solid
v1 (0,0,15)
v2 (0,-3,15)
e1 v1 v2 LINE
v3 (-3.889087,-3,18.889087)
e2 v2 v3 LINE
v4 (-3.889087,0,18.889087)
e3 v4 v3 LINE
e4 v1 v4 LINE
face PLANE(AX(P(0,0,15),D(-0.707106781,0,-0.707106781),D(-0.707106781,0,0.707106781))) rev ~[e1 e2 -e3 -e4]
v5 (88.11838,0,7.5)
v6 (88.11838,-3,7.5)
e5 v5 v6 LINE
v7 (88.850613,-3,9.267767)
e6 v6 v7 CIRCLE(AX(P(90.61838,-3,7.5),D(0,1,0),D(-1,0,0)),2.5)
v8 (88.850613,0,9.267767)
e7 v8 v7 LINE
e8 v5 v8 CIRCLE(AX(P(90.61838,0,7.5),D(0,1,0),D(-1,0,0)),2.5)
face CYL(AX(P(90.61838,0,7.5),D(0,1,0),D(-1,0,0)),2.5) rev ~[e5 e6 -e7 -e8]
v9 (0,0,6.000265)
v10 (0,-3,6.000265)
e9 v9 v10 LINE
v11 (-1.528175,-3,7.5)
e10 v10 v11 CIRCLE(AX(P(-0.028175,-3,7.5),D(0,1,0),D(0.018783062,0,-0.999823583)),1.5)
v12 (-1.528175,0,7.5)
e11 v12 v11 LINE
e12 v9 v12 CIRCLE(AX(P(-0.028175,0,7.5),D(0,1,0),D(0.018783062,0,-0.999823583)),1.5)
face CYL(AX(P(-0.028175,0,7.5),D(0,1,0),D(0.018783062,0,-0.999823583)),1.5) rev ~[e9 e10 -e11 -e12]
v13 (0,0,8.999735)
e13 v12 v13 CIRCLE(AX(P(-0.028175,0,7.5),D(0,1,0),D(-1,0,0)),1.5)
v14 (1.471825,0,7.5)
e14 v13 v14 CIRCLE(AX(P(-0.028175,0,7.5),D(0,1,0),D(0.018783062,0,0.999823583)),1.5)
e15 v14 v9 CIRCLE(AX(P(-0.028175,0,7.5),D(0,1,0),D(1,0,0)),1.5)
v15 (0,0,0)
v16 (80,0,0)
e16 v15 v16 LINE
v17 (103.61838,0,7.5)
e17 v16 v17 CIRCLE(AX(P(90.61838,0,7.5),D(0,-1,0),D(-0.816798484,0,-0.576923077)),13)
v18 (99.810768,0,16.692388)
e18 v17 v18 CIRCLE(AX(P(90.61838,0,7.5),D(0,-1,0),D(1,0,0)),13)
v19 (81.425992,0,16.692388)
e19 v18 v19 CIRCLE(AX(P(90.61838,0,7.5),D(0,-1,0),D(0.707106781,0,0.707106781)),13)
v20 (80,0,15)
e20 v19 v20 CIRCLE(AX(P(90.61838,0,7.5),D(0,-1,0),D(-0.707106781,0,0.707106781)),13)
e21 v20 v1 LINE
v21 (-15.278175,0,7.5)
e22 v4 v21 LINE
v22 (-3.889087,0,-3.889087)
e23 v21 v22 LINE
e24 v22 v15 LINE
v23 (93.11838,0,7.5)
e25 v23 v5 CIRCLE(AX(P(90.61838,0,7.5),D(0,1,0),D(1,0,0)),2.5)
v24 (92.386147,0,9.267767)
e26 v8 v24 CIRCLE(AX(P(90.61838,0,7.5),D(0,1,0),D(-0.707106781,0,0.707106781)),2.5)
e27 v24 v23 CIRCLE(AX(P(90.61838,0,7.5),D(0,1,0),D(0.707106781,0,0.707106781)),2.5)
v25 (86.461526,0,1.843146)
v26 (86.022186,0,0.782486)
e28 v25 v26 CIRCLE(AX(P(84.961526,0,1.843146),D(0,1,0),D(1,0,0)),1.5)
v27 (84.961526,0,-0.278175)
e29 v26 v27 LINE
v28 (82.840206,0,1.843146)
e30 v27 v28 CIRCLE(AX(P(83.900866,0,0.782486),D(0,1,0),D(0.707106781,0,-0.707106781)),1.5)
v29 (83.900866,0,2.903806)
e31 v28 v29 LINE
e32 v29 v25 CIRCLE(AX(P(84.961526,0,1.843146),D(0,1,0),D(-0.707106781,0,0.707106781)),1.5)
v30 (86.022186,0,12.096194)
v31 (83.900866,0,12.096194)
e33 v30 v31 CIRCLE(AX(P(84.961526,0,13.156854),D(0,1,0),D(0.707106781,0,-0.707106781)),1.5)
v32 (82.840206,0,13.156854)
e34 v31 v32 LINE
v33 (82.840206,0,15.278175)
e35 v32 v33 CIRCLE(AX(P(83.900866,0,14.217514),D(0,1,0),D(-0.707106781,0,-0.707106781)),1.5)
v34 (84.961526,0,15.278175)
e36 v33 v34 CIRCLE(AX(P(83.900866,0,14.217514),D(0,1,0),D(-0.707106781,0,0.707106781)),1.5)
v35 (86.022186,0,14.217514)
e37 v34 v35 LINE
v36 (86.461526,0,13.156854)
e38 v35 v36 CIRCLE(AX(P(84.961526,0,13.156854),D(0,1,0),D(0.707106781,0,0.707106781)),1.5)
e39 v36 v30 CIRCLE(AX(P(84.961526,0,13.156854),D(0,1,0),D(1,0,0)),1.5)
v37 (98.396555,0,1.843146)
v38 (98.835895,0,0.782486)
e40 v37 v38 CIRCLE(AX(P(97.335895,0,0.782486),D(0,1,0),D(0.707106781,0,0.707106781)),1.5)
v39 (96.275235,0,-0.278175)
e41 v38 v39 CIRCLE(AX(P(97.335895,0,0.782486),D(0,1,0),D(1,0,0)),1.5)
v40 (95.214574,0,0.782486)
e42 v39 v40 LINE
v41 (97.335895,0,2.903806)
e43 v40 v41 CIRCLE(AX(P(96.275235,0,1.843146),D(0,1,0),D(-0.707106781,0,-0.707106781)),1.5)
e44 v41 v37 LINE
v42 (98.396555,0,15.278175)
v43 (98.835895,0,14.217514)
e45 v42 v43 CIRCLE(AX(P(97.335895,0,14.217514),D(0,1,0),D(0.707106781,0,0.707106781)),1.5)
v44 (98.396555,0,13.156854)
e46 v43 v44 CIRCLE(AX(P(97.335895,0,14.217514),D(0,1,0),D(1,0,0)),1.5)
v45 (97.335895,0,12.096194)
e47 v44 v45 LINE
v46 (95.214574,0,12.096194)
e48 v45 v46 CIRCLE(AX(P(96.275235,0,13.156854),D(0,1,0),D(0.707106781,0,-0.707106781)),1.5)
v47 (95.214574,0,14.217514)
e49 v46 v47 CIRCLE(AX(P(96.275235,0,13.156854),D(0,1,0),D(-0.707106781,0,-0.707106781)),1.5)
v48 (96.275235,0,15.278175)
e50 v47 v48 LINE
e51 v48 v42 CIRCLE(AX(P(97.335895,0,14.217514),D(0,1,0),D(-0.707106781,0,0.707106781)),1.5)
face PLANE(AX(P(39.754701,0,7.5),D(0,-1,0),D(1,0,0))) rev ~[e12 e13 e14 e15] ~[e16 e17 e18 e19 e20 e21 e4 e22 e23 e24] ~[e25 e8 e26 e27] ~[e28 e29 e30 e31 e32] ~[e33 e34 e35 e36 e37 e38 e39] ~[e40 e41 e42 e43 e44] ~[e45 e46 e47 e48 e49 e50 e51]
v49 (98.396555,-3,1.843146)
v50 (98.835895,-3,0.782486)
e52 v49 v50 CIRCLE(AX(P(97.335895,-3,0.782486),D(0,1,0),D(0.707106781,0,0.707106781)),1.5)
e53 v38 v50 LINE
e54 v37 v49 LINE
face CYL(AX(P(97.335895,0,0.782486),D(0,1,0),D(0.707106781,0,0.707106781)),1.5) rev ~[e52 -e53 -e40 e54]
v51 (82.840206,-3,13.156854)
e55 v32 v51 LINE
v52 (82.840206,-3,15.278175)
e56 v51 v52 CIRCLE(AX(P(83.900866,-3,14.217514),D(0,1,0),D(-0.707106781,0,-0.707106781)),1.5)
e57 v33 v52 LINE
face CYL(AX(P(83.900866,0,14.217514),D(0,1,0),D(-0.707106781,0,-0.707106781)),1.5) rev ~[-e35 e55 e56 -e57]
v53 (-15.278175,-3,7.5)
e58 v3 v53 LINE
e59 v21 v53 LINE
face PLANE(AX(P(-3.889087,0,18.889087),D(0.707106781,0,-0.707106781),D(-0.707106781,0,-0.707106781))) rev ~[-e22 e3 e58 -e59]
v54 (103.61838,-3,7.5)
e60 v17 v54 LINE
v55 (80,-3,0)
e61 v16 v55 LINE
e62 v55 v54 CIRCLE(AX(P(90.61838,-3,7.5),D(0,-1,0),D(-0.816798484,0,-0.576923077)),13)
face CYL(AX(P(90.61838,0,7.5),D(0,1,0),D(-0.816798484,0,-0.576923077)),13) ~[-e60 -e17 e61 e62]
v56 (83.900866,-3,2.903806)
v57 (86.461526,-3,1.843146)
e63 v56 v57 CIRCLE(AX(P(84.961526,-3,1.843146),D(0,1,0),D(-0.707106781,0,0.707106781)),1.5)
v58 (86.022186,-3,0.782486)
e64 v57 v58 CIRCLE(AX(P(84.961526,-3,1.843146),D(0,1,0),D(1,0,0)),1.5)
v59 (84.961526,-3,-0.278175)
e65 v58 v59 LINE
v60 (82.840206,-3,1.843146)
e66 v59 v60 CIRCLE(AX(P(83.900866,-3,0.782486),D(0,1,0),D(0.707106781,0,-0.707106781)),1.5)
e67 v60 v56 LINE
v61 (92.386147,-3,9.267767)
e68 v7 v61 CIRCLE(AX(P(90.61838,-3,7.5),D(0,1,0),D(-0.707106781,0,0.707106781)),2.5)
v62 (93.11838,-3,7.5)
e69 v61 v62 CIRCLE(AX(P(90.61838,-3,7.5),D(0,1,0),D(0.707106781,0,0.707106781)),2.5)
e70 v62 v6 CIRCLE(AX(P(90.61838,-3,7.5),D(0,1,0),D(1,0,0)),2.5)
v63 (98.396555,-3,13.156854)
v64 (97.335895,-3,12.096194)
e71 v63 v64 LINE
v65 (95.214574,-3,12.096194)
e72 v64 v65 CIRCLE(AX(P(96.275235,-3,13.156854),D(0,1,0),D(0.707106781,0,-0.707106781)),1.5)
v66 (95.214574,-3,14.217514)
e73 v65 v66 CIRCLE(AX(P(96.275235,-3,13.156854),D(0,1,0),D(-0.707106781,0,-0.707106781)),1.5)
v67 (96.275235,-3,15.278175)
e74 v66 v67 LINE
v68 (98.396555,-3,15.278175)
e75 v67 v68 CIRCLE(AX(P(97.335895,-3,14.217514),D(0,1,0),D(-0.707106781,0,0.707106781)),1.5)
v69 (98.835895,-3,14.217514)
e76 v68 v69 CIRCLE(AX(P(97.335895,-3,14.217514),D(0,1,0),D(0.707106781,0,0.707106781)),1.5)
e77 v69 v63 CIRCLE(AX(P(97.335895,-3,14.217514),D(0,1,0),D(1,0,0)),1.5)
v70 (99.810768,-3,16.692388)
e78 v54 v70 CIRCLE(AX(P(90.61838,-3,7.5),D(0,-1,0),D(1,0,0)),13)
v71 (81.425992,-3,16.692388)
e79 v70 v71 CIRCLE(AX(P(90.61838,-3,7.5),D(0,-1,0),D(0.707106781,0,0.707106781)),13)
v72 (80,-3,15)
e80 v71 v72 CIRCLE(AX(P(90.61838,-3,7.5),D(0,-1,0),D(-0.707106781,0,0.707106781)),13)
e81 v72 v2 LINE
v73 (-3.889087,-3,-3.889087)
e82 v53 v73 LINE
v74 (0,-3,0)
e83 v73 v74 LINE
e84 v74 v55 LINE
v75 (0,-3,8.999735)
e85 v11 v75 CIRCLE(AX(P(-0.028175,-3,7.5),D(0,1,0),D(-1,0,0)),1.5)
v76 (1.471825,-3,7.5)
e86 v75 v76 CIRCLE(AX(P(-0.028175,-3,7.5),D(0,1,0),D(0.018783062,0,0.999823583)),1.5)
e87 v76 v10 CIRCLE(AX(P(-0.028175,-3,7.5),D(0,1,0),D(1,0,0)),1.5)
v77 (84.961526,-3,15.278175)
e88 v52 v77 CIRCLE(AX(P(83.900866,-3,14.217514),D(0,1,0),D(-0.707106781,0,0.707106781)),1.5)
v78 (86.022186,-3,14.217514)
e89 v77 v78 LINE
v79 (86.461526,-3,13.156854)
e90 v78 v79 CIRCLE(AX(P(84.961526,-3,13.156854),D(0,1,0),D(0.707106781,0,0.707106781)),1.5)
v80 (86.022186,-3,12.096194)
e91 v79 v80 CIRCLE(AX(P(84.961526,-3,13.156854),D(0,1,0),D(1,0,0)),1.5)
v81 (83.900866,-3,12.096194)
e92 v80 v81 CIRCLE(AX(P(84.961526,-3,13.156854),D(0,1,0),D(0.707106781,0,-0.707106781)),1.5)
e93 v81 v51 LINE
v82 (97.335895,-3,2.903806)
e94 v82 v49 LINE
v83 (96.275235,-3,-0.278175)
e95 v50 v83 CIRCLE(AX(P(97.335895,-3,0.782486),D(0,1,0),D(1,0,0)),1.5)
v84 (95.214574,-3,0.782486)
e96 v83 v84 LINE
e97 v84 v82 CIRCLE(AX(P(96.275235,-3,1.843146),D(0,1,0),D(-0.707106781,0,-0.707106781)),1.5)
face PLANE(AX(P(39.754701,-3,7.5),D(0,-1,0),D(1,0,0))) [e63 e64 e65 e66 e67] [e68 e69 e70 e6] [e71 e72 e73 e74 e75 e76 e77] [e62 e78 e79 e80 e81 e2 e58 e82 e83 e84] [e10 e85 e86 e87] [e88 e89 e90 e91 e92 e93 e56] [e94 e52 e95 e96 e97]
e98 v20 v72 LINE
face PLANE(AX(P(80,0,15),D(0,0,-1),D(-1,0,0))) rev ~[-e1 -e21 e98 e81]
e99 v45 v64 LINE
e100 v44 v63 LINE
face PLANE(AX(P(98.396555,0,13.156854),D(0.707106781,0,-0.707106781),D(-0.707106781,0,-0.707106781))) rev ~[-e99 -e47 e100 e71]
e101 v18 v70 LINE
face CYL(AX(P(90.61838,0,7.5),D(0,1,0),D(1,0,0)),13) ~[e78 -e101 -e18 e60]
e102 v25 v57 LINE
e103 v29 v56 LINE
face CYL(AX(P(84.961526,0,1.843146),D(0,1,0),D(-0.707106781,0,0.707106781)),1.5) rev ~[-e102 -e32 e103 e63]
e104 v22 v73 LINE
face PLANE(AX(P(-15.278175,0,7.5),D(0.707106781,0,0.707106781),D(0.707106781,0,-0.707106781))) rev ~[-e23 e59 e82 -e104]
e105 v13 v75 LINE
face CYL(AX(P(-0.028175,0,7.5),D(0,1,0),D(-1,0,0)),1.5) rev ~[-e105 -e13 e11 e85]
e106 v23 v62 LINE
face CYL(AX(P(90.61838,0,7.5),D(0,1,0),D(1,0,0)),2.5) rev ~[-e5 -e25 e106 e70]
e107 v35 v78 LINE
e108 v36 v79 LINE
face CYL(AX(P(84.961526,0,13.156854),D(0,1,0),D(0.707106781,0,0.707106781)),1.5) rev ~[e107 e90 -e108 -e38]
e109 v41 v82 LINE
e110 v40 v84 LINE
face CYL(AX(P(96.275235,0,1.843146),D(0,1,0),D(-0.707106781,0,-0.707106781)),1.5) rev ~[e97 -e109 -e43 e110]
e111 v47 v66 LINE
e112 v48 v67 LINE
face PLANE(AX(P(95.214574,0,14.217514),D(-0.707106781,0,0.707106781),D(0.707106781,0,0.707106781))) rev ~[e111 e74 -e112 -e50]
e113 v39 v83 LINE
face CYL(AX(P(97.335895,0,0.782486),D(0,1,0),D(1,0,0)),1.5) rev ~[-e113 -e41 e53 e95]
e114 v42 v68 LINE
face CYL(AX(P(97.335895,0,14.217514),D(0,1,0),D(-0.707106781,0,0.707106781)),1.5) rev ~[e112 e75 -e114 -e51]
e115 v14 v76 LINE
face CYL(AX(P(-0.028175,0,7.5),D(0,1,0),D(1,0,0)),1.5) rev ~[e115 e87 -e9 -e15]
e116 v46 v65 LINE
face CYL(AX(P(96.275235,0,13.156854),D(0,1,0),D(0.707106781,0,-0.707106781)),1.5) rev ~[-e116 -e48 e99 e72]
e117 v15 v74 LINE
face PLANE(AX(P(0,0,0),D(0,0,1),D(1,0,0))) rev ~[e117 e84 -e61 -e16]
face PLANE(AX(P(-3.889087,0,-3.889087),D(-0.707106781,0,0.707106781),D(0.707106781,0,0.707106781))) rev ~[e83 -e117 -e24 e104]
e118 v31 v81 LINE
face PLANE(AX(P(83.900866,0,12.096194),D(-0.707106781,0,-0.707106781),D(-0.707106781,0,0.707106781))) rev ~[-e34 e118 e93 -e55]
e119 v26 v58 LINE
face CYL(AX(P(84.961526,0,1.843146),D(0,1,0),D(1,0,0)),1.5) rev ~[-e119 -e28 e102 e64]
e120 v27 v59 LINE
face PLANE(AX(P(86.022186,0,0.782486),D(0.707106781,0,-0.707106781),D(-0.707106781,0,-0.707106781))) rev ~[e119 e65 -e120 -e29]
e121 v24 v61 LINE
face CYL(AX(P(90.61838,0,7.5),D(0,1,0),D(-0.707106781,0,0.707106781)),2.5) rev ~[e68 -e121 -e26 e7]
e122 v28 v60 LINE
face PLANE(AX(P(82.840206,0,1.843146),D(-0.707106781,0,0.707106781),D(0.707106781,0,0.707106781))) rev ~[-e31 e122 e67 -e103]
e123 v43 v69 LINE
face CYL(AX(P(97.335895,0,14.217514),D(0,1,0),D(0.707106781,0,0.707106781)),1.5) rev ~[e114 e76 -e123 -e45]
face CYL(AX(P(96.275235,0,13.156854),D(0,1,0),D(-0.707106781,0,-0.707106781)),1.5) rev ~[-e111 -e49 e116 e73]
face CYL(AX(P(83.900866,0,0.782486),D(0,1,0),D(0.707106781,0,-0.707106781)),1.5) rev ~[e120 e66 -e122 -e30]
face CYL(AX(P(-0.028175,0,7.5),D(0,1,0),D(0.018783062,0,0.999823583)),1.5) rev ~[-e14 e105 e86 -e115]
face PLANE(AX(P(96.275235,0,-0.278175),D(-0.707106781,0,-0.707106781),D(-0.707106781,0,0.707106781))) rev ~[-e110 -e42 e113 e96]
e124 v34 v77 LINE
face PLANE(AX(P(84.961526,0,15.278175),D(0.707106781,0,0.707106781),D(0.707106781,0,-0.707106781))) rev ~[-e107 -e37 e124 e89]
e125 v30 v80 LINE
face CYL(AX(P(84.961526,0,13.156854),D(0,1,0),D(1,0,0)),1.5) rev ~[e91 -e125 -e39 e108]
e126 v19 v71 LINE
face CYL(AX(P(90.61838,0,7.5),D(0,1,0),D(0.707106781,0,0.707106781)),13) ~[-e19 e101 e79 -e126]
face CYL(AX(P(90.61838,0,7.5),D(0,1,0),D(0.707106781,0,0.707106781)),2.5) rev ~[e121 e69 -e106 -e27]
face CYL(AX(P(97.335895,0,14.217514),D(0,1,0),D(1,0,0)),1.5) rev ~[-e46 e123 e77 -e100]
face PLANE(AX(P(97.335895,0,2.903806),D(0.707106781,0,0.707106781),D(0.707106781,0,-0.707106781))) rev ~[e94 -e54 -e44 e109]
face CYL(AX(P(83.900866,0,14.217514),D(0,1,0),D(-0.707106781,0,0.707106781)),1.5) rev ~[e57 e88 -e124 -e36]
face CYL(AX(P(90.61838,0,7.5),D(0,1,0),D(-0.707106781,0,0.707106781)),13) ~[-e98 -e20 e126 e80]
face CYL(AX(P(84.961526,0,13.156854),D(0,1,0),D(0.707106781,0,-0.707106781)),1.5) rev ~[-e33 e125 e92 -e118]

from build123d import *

# Parameters (mm, degrees)
F1_DEPTH = 3


with BuildPart() as f1:
    # F0 (on Front) → F1 (new body)
    with BuildSketch(Plane.XZ):
        with BuildLine():
            Line((0, 6.0002646259), (0, 0))
            Line((0, 0), (80, 0))
            ThreePointArc((80, 0), (77.6183802908, 7.5), (80, 15))
            Line((80, 15), (0, 15))
            Line((0, 15), (0, 8.9997353741))
            ThreePointArc((0, 8.9997353741), (1.0424004603, 8.5506517288), (1.4718254069, 7.5))
            ThreePointArc((1.4718254069, 7.5), (1.0424004603, 6.4493482712), (0, 6.0002646259))
        make_face()
        with BuildLine():
            Line((-3.8890872965, -3.8890872965), (0, 0))
            Line((0, 0), (0, 6.0002646259))
            ThreePointArc((0, 6.0002646259), (-1.0788263218, 6.4294249467), (-1.5281745931, 7.5))
            Line((-1.5281745931, 7.5), (-3.8890872965, 7.5))
            Line((-3.8890872965, 7.5), (-3.8890872965, -3.8890872965))
        make_face()
        with BuildLine():
            ThreePointArc((80, 15), (77.6183802908, 7.5), (80, 0))
            Line((80, 0), (80, 7.5))
            Line((80, 7.5), (80, 15))
        make_face()
        with BuildLine():
            Line((80, 7.5), (80, 0))
            ThreePointArc((80, 0), (94.5529105181, -4.89029749), (103.6183802908, 7.5))
            ThreePointArc((103.6183802908, 7.5), (102.6288142134, 12.4748846207), (99.8107684462, 16.6923881554))
            Line((99.8107684462, 16.6923881554), (98.3965548838, 15.2781745931))
            ThreePointArc((98.3965548838, 15.2781745931), (98.7217140108, 14.7915395698), (98.8358947121, 14.2175144213))
            ThreePointArc((98.8358947121, 14.2175144213), (98.7217140108, 13.6434892727), (98.3965548838, 13.1568542495))
            Line((98.3965548838, 13.1568542495), (97.3358947121, 12.0961940777))
            ThreePointArc((97.3358947121, 12.0961940777), (96.2752345403, 11.6568542495), (95.2145743685, 12.0961940777))
            Line((95.2145743685, 12.0961940777), (92.3861472438, 9.267766953))
            ThreePointArc((92.3861472438, 9.267766953), (92.9280791221, 8.4567085809), (93.1183802908, 7.5))
            ThreePointArc((93.1183802908, 7.5), (90.6183802908, 5), (88.1183802908, 7.5))
            Line((88.1183802908, 7.5), (80, 7.5))
        make_face()
        with BuildLine():
            ThreePointArc((83.9008658695, 2.9038059223), (85.5355511899, 3.2289650493), (86.4615260413, 1.8431457505))
            ThreePointArc((86.4615260413, 1.8431457505), (86.3473453401, 1.269120602), (86.0221862131, 0.7824855787))
            Line((86.0221862131, 0.7824855787), (84.9615260413, -0.2781745931))
            ThreePointArc((84.9615260413, -0.2781745931), (82.8402056977, -0.2781745931), (82.8402056977, 1.8431457505))
            Line((82.8402056977, 1.8431457505), (83.9008658695, 2.9038059223))
        make_face(mode=Mode.SUBTRACT)
        with BuildLine():
            ThreePointArc((95.2145743685, 0.7824855787), (95.2145743685, 2.9038059223), (97.3358947121, 2.9038059223))
            Line((97.3358947121, 2.9038059223), (98.3965548838, 1.8431457505))
            ThreePointArc((98.3965548838, 1.8431457505), (98.7217140108, 1.3565107273), (98.8358947121, 0.7824855787))
            ThreePointArc((98.8358947121, 0.7824855787), (97.9099198606, -0.60333372), (96.2752345403, -0.2781745931))
            Line((96.2752345403, -0.2781745931), (95.2145743685, 0.7824855787))
        make_face(mode=Mode.SUBTRACT)
        Polygon((-15.2781745931, 7.5), (-3.8890872965, -3.8890872965), (-3.8890872965, 7.5), align=None)
        with BuildLine():
            Line((80, 15), (80, 7.5))
            Line((80, 7.5), (88.1183802908, 7.5))
            ThreePointArc((88.1183802908, 7.5), (88.3086814595, 8.4567085809), (88.8506133378, 9.267766953))
            Line((88.8506133378, 9.267766953), (86.0221862131, 12.0961940777))
            ThreePointArc((86.0221862131, 12.0961940777), (84.9615260413, 11.6568542495), (83.9008658695, 12.0961940777))
            Line((83.9008658695, 12.0961940777), (82.8402056977, 13.1568542495))
            ThreePointArc((82.8402056977, 13.1568542495), (82.4008658695, 14.2175144213), (82.8402056977, 15.2781745931))
            Line((82.8402056977, 15.2781745931), (81.4259921354, 16.6923881554))
            ThreePointArc((81.4259921354, 16.6923881554), (80.6769175702, 15.8765935186), (80, 15))
        make_face()
        with BuildLine():
            Line((-3.8890872965, 7.5), (-1.5281745931, 7.5))
            ThreePointArc((-1.5281745931, 7.5), (-1.0788263218, 8.5705750533), (0, 8.9997353741))
            Line((0, 8.9997353741), (0, 15))
            Line((0, 15), (-3.8890872965, 18.8890872965))
            Line((-3.8890872965, 18.8890872965), (-3.8890872965, 7.5))
        make_face()
        Polygon((-3.8890872965, 18.8890872965), (-15.2781745931, 7.5), (-3.8890872965, 7.5), align=None)
        with BuildLine():
            ThreePointArc((99.8107684462, 16.6923881554), (90.6183802908, 20.5), (81.4259921354, 16.6923881554))
            Line((81.4259921354, 16.6923881554), (82.8402056977, 15.2781745931))
            ThreePointArc((82.8402056977, 15.2781745931), (83.9008658695, 15.7175144213), (84.9615260413, 15.2781745931))
            Line((84.9615260413, 15.2781745931), (86.0221862131, 14.2175144213))
            ThreePointArc((86.0221862131, 14.2175144213), (86.3473453401, 13.730879398), (86.4615260413, 13.1568542495))
            ThreePointArc((86.4615260413, 13.1568542495), (86.3473453401, 12.5828291009), (86.0221862131, 12.0961940777))
            Line((86.0221862131, 12.0961940777), (88.8506133378, 9.267766953))
            ThreePointArc((88.8506133378, 9.267766953), (90.6183802908, 10), (92.3861472438, 9.267766953))
            Line((92.3861472438, 9.267766953), (95.2145743685, 12.0961940777))
            ThreePointArc((95.2145743685, 12.0961940777), (94.7752345403, 13.1568542495), (95.2145743685, 14.2175144213))
            Line((95.2145743685, 14.2175144213), (96.2752345403, 15.2781745931))
            ThreePointArc((96.2752345403, 15.2781745931), (97.3358947121, 15.7175144213), (98.3965548838, 15.2781745931))
            Line((98.3965548838, 15.2781745931), (99.8107684462, 16.6923881554))
        make_face()
    extrude(amount=F1_DEPTH)


solid = f1.part
